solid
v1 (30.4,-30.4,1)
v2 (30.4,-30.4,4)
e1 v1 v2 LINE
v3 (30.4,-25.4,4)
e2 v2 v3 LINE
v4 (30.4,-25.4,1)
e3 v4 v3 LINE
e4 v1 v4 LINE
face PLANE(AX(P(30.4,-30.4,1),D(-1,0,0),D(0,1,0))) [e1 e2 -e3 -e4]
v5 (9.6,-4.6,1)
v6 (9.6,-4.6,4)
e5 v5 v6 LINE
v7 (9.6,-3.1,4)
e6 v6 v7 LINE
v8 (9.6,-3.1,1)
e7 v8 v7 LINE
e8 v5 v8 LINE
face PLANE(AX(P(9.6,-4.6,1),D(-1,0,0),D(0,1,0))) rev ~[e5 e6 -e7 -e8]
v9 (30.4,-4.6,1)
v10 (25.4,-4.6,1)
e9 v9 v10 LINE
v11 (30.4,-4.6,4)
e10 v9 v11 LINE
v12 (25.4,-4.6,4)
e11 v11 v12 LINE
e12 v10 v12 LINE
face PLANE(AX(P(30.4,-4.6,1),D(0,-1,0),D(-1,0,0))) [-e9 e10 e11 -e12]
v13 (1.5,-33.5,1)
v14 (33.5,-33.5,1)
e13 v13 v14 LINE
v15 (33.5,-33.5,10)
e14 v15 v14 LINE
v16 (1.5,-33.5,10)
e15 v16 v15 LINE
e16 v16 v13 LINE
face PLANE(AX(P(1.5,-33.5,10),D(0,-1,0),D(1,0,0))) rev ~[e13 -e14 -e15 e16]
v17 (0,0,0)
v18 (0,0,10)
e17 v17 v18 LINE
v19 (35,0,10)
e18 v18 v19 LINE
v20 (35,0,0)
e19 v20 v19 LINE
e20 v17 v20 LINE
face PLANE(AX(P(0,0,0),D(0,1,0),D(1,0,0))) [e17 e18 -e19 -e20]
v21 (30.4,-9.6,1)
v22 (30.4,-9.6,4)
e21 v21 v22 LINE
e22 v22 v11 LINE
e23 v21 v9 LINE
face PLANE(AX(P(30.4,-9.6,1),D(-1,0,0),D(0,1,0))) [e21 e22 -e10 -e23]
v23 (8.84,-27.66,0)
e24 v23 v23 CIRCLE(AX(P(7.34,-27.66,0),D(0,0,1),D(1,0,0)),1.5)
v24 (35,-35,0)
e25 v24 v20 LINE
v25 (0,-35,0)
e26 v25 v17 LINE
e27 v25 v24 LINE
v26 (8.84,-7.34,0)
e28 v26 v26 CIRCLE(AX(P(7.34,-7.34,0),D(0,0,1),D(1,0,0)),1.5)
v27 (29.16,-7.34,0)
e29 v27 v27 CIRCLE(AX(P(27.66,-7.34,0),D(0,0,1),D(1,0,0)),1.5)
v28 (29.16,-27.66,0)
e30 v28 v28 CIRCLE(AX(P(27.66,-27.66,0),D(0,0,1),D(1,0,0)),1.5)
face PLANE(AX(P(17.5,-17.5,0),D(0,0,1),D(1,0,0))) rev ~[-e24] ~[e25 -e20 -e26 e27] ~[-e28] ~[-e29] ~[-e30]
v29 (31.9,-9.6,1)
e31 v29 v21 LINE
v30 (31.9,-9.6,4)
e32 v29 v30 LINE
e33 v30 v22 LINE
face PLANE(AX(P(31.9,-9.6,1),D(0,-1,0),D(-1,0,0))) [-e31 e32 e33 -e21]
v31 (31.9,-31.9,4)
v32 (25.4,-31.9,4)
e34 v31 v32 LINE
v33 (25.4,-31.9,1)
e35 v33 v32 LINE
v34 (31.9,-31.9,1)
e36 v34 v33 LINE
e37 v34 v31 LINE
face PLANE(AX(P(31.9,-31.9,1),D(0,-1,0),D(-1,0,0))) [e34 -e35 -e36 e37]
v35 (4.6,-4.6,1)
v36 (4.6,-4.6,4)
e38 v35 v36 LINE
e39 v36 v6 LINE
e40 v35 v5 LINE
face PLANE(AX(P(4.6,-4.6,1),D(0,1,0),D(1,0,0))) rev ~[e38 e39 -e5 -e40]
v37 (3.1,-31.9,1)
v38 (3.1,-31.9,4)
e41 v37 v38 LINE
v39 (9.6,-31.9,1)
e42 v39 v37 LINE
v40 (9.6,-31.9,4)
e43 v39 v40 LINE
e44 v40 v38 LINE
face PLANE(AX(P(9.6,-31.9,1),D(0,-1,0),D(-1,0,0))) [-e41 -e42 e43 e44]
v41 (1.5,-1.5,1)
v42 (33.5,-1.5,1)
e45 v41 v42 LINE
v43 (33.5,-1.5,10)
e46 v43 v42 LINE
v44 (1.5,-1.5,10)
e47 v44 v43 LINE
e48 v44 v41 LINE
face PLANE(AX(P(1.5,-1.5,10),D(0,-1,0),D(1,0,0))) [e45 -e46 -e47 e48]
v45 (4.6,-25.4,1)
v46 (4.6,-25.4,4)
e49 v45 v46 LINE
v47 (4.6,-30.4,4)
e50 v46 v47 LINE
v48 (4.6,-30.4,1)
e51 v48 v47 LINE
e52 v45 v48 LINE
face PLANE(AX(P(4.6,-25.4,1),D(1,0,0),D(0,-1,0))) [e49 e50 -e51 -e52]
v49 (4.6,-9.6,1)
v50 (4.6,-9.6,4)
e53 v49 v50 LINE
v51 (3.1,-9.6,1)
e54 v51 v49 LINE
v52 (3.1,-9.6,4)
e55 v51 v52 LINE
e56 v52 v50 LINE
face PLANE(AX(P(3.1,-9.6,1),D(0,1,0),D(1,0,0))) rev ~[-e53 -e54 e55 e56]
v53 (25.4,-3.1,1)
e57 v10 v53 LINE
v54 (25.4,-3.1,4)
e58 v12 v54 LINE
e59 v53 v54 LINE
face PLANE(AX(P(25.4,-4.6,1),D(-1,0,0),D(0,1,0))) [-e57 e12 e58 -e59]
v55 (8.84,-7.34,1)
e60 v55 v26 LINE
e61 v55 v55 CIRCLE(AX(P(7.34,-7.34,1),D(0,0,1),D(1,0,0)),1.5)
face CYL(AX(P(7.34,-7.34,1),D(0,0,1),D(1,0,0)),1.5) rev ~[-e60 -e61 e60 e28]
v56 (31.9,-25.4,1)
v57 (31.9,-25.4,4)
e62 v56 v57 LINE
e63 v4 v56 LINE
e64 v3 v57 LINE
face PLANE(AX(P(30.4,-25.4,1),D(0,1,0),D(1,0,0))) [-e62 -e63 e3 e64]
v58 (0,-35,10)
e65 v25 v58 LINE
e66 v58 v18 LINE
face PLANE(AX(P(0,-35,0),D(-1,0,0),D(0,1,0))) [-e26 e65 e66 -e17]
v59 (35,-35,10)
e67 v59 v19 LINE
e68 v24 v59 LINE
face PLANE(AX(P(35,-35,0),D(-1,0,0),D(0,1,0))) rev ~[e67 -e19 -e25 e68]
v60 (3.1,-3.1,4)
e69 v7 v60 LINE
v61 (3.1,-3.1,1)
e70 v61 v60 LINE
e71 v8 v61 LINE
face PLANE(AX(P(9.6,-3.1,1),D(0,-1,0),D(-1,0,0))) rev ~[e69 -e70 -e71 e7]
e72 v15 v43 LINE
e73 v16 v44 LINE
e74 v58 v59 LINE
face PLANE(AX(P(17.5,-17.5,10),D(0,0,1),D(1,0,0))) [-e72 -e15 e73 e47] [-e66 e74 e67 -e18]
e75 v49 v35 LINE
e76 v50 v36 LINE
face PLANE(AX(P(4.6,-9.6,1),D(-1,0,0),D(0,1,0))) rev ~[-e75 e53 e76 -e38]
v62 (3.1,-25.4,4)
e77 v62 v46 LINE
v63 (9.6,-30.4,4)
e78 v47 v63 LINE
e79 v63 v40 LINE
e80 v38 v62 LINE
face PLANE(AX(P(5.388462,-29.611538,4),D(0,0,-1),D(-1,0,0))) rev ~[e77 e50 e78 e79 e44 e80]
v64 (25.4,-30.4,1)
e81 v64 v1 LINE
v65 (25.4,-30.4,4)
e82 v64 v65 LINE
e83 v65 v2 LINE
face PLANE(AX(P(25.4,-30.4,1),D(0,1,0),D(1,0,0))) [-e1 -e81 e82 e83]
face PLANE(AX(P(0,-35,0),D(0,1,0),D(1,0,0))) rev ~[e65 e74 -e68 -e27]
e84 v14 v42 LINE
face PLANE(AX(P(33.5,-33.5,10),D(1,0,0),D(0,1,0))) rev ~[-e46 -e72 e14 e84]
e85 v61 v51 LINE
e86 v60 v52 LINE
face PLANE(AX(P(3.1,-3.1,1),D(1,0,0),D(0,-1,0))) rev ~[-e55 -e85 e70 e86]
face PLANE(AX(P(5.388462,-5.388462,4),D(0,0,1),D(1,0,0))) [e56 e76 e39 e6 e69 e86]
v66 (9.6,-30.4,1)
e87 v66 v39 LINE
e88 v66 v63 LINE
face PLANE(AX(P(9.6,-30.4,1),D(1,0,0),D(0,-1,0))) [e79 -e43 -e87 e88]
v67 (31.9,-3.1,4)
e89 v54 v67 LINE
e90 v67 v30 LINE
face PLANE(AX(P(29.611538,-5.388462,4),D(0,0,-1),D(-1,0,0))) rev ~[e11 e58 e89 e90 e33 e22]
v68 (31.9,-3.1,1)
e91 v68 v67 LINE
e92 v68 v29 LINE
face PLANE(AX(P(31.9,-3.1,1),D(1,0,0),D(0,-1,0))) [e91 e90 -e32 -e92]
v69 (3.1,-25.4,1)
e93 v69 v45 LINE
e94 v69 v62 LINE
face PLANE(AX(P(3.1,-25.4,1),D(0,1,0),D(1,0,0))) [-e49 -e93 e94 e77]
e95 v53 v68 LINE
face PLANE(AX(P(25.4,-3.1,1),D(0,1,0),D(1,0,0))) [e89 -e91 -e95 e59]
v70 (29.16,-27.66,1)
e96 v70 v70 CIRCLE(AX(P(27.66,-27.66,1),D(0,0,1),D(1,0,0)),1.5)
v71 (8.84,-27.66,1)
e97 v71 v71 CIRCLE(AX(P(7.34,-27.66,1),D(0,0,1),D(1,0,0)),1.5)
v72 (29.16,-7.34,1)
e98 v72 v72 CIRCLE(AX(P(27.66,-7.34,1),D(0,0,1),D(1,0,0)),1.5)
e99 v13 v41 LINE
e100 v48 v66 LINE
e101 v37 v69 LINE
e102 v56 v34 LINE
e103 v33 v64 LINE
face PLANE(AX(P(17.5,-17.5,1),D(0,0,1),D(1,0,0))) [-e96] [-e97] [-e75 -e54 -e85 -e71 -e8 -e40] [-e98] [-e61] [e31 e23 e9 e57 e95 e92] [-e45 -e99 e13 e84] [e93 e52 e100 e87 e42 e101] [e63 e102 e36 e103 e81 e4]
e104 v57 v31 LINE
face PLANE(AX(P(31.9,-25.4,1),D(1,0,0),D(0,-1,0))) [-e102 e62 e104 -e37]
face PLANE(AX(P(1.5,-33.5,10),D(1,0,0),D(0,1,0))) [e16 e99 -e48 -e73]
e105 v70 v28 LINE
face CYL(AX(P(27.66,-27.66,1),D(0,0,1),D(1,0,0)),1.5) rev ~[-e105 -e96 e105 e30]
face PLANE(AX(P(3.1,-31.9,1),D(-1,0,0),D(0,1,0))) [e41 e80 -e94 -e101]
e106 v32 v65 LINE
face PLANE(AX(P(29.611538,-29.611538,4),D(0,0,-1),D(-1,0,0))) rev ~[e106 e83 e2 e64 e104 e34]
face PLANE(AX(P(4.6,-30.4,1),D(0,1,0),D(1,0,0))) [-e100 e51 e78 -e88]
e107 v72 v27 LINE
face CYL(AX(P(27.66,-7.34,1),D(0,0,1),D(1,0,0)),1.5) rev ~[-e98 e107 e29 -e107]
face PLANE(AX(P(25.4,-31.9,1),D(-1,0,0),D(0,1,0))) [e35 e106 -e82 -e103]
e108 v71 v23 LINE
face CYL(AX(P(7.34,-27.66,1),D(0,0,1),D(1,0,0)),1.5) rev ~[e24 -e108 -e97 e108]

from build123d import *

# Parameters (mm, degrees)
SKETCH1_W           = 35
SKETCH1_H           = 35
BOSS_EXTRUDE1_DEPTH = 10
SKETCH2_W           = 32
SKETCH2_H           = 32
CUT_EXTRUDE1_DEPTH  = 9
BOSS_EXTRUDE2_DEPTH = 3
SKETCH5_R           = 1.5
CUT_EXTRUDE2_DEPTH  = 51.309044912


with BuildPart() as part:
    # Sketch1 → Boss-Extrude1 (new body)
    with BuildSketch(Plane.XY):
        with Locations((17.5, -17.5)):
            Rectangle(SKETCH1_W, SKETCH1_H)
    extrude(amount=BOSS_EXTRUDE1_DEPTH)

    # Sketch2 → Cut-Extrude1 (cut)
    with BuildSketch(Plane.XY.offset(10)):
        with Locations((17.5, -17.5)):
            Rectangle(SKETCH2_W, SKETCH2_H)
    extrude(amount=-CUT_EXTRUDE1_DEPTH, mode=Mode.SUBTRACT)

    # Sketch3 → Boss-Extrude2 (add)
    with BuildSketch(Plane.XY.offset(1)):
        Polygon((3.1, -3.1), (3.1, -9.6), (4.6, -9.6), (4.6, -4.6), (9.6, -4.6), (9.6, -3.1), align=None)
        Polygon((4.6, -30.4), (9.6, -30.4), (9.6, -31.9), (3.1, -31.9), (3.1, -25.4), (4.6, -25.4), align=None)
        Polygon((30.4, -30.4), (30.4, -25.4), (31.9, -25.4), (31.9, -31.9), (25.4, -31.9), (25.4, -30.4), align=None)
        Polygon((30.4, -4.6), (25.4, -4.6), (25.4, -3.1), (31.9, -3.1), (31.9, -9.6), (30.4, -9.6), align=None)
    extrude(amount=BOSS_EXTRUDE2_DEPTH)

    # Sketch5 → Cut-Extrude2 (cut, through all)
    with BuildSketch(Plane.XY.offset(1)):
        with Locations((7.34, -7.34)):
            Circle(SKETCH5_R)
        with Locations((7.34, -27.66)):
            Circle(SKETCH5_R)
        with Locations((27.66, -27.66)):
            Circle(SKETCH5_R)
        with Locations((27.66, -7.34)):
            Circle(SKETCH5_R)
    extrude(amount=-CUT_EXTRUDE2_DEPTH, mode=Mode.SUBTRACT)


solid = part.part
